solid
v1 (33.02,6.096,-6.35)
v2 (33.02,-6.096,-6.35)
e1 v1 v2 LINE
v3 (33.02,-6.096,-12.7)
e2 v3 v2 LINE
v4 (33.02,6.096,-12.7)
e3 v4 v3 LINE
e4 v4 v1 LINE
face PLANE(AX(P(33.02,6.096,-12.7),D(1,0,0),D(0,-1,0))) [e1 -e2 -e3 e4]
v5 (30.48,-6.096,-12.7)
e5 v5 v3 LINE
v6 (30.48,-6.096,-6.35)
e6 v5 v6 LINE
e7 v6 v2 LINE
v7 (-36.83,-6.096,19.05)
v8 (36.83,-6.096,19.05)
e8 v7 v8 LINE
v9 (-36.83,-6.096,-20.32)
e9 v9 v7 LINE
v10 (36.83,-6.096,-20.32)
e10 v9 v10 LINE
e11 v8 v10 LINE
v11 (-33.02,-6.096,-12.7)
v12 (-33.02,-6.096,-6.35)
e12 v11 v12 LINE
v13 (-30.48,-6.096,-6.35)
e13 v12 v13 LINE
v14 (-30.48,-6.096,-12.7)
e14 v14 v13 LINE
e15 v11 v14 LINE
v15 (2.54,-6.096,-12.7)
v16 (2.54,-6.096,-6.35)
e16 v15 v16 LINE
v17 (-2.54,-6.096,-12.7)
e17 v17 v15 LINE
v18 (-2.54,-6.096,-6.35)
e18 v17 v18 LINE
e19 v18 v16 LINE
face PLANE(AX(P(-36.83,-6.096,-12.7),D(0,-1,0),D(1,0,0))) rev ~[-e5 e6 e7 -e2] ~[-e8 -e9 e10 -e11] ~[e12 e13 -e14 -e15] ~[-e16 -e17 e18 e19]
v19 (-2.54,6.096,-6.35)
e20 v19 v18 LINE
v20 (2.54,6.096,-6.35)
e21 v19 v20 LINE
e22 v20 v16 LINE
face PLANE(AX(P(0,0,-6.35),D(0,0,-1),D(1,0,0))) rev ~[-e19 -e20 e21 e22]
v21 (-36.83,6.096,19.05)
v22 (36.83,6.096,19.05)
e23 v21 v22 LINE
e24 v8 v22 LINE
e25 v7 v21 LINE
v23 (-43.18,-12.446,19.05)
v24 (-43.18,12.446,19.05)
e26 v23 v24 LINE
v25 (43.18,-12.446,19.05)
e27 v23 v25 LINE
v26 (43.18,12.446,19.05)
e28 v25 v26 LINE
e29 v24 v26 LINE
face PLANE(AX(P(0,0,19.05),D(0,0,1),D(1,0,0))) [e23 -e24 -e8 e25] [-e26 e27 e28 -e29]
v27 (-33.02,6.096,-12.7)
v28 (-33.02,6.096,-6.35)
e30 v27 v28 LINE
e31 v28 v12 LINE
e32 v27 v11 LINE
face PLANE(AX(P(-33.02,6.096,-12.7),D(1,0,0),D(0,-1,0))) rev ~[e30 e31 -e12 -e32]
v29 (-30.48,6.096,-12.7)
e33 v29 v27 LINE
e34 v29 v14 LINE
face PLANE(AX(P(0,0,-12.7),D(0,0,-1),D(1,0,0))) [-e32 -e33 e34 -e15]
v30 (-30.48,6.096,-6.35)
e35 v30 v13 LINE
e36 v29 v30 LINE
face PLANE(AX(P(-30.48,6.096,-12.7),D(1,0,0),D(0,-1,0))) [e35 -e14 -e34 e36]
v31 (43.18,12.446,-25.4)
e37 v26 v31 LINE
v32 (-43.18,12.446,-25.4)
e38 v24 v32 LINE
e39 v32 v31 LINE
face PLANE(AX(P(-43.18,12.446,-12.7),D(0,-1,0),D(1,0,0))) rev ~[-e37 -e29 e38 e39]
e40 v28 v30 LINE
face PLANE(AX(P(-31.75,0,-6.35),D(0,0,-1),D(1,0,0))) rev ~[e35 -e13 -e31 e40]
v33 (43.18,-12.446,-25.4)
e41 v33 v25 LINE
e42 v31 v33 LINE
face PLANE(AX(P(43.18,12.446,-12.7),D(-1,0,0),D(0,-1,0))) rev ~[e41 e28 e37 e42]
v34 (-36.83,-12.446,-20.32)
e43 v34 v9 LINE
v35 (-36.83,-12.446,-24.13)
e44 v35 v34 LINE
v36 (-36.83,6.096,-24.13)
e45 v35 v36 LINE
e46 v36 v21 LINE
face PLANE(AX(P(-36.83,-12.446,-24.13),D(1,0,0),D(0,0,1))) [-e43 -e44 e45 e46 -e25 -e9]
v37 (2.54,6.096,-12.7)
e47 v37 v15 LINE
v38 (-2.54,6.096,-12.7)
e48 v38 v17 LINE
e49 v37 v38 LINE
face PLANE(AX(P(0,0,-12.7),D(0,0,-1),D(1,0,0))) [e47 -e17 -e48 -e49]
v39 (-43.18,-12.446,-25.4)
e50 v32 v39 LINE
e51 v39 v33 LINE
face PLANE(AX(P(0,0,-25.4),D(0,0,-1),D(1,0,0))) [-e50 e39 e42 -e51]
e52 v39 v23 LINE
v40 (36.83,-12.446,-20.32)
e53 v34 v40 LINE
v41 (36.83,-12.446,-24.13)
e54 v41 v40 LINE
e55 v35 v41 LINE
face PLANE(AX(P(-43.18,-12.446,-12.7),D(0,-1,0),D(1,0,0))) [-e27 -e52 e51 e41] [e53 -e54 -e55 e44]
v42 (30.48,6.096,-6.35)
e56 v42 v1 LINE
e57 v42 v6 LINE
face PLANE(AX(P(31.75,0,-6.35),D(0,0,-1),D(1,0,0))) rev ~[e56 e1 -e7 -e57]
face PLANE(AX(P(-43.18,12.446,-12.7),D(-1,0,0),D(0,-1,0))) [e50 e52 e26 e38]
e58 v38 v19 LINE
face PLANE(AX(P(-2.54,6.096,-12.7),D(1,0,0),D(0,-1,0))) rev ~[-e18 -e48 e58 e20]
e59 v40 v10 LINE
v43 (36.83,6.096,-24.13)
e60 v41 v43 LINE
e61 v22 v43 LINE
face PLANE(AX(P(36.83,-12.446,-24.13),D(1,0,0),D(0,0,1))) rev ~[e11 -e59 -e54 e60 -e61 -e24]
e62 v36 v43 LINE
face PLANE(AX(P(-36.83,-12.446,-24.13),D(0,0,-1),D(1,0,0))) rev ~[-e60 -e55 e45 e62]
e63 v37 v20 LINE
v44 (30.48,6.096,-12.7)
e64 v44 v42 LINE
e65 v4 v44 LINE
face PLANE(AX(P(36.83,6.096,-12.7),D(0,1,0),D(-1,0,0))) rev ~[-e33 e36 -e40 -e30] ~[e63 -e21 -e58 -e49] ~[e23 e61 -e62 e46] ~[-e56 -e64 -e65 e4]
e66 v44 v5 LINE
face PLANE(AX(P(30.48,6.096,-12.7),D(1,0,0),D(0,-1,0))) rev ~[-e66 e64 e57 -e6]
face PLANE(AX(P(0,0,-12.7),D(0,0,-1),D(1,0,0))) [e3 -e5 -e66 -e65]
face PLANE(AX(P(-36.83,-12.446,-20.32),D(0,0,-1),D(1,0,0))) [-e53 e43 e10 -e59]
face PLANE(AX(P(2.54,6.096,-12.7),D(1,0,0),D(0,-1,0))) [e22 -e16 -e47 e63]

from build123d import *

# Parameters (mm, degrees)
F0_W        = 86.36
F0_H        = 24.892
F0_W_2      = 73.66
F0_H_2      = 12.192
F1_DEPTH    = 19.05
F1_FACE_W   = 86.36
F1_FACE_H   = 24.892
F1_FACE_W_2 = 73.66
F1_FACE_H_2 = 12.192
F2_DEPTH    = 12.7
F3_W        = 2.54
F3_H        = 12.192
F3_W_2      = 5.08
F4_DEPTH    = 6.35
F3_W_3      = 86.36
F3_H_2      = 24.892
F5_DEPTH    = 12.7
F7_W        = 73.66
F7_H        = 12.192
F8_DEPTH    = 2.54
F6_W        = 73.66
F6_H        = 3.81
F9_DEPTH    = 18.542


with BuildPart() as f1:
    # F0 (on Top) → F1 (new body)
    with BuildSketch(Plane.XY):
        Rectangle(F0_W, F0_H)
        Rectangle(F0_W_2, F0_H_2, mode=Mode.SUBTRACT)
    extrude(amount=F1_DEPTH)

    # F1_face (on face) → F2 (join)
    with BuildSketch(Plane(origin=(0, 0, 0), x_dir=(1, 0, 0), z_dir=(0, 0, -1))):
        Rectangle(F1_FACE_W, F1_FACE_H)
        Rectangle(F1_FACE_W_2, F1_FACE_H_2, mode=Mode.SUBTRACT)
    extrude(amount=F2_DEPTH)

    # F3 (on face) → F4 (join)
    with BuildSketch(Plane(origin=(0, 0, -12.7), x_dir=(1, 0, 0), z_dir=(0, 0, -1))):
        with Locations((-31.75, 0)):
            Rectangle(F3_W, F3_H)
        Rectangle(F3_W_2, F3_H)
        with Locations((31.75, 0)):
            Rectangle(F3_W, F3_H)
    extrude(amount=-F4_DEPTH)

    # F3 (on face) → F5 (join)
    with BuildSketch(Plane(origin=(0, 0, -12.7), x_dir=(1, 0, 0), z_dir=(0, 0, -1))):
        Rectangle(F3_W_3, F3_H_2)
        Polygon((-2.54, 6.096), (2.54, 6.096), (30.48, 6.096), (33.02, 6.096), (36.83, 6.096), (36.83, -6.096), (33.02, -6.096), (30.48, -6.096), (2.54, -6.096), (-2.54, -6.096), (-30.48, -6.096), (-33.02, -6.096), (-36.83, -6.096), (-36.83, 6.096), (-33.02, 6.096), (-30.48, 6.096), align=None, mode=Mode.SUBTRACT)
    extrude(amount=F5_DEPTH)

    # F7 (on face) → F8 (join)
    with BuildSketch(Plane(origin=(0, 0, -25.4), x_dir=(1, 0, 0), z_dir=(0, 0, -1))):
        Rectangle(F7_W, F7_H)
    extrude(amount=-F8_DEPTH)

    # F6 (on face) → F9 (cut)
    with BuildSketch(Plane.XZ.offset(12.446)):
        with Locations((0, -22.225)):
            Rectangle(F6_W, F6_H)
    extrude(amount=-F9_DEPTH, mode=Mode.SUBTRACT)


solid = f1.part
